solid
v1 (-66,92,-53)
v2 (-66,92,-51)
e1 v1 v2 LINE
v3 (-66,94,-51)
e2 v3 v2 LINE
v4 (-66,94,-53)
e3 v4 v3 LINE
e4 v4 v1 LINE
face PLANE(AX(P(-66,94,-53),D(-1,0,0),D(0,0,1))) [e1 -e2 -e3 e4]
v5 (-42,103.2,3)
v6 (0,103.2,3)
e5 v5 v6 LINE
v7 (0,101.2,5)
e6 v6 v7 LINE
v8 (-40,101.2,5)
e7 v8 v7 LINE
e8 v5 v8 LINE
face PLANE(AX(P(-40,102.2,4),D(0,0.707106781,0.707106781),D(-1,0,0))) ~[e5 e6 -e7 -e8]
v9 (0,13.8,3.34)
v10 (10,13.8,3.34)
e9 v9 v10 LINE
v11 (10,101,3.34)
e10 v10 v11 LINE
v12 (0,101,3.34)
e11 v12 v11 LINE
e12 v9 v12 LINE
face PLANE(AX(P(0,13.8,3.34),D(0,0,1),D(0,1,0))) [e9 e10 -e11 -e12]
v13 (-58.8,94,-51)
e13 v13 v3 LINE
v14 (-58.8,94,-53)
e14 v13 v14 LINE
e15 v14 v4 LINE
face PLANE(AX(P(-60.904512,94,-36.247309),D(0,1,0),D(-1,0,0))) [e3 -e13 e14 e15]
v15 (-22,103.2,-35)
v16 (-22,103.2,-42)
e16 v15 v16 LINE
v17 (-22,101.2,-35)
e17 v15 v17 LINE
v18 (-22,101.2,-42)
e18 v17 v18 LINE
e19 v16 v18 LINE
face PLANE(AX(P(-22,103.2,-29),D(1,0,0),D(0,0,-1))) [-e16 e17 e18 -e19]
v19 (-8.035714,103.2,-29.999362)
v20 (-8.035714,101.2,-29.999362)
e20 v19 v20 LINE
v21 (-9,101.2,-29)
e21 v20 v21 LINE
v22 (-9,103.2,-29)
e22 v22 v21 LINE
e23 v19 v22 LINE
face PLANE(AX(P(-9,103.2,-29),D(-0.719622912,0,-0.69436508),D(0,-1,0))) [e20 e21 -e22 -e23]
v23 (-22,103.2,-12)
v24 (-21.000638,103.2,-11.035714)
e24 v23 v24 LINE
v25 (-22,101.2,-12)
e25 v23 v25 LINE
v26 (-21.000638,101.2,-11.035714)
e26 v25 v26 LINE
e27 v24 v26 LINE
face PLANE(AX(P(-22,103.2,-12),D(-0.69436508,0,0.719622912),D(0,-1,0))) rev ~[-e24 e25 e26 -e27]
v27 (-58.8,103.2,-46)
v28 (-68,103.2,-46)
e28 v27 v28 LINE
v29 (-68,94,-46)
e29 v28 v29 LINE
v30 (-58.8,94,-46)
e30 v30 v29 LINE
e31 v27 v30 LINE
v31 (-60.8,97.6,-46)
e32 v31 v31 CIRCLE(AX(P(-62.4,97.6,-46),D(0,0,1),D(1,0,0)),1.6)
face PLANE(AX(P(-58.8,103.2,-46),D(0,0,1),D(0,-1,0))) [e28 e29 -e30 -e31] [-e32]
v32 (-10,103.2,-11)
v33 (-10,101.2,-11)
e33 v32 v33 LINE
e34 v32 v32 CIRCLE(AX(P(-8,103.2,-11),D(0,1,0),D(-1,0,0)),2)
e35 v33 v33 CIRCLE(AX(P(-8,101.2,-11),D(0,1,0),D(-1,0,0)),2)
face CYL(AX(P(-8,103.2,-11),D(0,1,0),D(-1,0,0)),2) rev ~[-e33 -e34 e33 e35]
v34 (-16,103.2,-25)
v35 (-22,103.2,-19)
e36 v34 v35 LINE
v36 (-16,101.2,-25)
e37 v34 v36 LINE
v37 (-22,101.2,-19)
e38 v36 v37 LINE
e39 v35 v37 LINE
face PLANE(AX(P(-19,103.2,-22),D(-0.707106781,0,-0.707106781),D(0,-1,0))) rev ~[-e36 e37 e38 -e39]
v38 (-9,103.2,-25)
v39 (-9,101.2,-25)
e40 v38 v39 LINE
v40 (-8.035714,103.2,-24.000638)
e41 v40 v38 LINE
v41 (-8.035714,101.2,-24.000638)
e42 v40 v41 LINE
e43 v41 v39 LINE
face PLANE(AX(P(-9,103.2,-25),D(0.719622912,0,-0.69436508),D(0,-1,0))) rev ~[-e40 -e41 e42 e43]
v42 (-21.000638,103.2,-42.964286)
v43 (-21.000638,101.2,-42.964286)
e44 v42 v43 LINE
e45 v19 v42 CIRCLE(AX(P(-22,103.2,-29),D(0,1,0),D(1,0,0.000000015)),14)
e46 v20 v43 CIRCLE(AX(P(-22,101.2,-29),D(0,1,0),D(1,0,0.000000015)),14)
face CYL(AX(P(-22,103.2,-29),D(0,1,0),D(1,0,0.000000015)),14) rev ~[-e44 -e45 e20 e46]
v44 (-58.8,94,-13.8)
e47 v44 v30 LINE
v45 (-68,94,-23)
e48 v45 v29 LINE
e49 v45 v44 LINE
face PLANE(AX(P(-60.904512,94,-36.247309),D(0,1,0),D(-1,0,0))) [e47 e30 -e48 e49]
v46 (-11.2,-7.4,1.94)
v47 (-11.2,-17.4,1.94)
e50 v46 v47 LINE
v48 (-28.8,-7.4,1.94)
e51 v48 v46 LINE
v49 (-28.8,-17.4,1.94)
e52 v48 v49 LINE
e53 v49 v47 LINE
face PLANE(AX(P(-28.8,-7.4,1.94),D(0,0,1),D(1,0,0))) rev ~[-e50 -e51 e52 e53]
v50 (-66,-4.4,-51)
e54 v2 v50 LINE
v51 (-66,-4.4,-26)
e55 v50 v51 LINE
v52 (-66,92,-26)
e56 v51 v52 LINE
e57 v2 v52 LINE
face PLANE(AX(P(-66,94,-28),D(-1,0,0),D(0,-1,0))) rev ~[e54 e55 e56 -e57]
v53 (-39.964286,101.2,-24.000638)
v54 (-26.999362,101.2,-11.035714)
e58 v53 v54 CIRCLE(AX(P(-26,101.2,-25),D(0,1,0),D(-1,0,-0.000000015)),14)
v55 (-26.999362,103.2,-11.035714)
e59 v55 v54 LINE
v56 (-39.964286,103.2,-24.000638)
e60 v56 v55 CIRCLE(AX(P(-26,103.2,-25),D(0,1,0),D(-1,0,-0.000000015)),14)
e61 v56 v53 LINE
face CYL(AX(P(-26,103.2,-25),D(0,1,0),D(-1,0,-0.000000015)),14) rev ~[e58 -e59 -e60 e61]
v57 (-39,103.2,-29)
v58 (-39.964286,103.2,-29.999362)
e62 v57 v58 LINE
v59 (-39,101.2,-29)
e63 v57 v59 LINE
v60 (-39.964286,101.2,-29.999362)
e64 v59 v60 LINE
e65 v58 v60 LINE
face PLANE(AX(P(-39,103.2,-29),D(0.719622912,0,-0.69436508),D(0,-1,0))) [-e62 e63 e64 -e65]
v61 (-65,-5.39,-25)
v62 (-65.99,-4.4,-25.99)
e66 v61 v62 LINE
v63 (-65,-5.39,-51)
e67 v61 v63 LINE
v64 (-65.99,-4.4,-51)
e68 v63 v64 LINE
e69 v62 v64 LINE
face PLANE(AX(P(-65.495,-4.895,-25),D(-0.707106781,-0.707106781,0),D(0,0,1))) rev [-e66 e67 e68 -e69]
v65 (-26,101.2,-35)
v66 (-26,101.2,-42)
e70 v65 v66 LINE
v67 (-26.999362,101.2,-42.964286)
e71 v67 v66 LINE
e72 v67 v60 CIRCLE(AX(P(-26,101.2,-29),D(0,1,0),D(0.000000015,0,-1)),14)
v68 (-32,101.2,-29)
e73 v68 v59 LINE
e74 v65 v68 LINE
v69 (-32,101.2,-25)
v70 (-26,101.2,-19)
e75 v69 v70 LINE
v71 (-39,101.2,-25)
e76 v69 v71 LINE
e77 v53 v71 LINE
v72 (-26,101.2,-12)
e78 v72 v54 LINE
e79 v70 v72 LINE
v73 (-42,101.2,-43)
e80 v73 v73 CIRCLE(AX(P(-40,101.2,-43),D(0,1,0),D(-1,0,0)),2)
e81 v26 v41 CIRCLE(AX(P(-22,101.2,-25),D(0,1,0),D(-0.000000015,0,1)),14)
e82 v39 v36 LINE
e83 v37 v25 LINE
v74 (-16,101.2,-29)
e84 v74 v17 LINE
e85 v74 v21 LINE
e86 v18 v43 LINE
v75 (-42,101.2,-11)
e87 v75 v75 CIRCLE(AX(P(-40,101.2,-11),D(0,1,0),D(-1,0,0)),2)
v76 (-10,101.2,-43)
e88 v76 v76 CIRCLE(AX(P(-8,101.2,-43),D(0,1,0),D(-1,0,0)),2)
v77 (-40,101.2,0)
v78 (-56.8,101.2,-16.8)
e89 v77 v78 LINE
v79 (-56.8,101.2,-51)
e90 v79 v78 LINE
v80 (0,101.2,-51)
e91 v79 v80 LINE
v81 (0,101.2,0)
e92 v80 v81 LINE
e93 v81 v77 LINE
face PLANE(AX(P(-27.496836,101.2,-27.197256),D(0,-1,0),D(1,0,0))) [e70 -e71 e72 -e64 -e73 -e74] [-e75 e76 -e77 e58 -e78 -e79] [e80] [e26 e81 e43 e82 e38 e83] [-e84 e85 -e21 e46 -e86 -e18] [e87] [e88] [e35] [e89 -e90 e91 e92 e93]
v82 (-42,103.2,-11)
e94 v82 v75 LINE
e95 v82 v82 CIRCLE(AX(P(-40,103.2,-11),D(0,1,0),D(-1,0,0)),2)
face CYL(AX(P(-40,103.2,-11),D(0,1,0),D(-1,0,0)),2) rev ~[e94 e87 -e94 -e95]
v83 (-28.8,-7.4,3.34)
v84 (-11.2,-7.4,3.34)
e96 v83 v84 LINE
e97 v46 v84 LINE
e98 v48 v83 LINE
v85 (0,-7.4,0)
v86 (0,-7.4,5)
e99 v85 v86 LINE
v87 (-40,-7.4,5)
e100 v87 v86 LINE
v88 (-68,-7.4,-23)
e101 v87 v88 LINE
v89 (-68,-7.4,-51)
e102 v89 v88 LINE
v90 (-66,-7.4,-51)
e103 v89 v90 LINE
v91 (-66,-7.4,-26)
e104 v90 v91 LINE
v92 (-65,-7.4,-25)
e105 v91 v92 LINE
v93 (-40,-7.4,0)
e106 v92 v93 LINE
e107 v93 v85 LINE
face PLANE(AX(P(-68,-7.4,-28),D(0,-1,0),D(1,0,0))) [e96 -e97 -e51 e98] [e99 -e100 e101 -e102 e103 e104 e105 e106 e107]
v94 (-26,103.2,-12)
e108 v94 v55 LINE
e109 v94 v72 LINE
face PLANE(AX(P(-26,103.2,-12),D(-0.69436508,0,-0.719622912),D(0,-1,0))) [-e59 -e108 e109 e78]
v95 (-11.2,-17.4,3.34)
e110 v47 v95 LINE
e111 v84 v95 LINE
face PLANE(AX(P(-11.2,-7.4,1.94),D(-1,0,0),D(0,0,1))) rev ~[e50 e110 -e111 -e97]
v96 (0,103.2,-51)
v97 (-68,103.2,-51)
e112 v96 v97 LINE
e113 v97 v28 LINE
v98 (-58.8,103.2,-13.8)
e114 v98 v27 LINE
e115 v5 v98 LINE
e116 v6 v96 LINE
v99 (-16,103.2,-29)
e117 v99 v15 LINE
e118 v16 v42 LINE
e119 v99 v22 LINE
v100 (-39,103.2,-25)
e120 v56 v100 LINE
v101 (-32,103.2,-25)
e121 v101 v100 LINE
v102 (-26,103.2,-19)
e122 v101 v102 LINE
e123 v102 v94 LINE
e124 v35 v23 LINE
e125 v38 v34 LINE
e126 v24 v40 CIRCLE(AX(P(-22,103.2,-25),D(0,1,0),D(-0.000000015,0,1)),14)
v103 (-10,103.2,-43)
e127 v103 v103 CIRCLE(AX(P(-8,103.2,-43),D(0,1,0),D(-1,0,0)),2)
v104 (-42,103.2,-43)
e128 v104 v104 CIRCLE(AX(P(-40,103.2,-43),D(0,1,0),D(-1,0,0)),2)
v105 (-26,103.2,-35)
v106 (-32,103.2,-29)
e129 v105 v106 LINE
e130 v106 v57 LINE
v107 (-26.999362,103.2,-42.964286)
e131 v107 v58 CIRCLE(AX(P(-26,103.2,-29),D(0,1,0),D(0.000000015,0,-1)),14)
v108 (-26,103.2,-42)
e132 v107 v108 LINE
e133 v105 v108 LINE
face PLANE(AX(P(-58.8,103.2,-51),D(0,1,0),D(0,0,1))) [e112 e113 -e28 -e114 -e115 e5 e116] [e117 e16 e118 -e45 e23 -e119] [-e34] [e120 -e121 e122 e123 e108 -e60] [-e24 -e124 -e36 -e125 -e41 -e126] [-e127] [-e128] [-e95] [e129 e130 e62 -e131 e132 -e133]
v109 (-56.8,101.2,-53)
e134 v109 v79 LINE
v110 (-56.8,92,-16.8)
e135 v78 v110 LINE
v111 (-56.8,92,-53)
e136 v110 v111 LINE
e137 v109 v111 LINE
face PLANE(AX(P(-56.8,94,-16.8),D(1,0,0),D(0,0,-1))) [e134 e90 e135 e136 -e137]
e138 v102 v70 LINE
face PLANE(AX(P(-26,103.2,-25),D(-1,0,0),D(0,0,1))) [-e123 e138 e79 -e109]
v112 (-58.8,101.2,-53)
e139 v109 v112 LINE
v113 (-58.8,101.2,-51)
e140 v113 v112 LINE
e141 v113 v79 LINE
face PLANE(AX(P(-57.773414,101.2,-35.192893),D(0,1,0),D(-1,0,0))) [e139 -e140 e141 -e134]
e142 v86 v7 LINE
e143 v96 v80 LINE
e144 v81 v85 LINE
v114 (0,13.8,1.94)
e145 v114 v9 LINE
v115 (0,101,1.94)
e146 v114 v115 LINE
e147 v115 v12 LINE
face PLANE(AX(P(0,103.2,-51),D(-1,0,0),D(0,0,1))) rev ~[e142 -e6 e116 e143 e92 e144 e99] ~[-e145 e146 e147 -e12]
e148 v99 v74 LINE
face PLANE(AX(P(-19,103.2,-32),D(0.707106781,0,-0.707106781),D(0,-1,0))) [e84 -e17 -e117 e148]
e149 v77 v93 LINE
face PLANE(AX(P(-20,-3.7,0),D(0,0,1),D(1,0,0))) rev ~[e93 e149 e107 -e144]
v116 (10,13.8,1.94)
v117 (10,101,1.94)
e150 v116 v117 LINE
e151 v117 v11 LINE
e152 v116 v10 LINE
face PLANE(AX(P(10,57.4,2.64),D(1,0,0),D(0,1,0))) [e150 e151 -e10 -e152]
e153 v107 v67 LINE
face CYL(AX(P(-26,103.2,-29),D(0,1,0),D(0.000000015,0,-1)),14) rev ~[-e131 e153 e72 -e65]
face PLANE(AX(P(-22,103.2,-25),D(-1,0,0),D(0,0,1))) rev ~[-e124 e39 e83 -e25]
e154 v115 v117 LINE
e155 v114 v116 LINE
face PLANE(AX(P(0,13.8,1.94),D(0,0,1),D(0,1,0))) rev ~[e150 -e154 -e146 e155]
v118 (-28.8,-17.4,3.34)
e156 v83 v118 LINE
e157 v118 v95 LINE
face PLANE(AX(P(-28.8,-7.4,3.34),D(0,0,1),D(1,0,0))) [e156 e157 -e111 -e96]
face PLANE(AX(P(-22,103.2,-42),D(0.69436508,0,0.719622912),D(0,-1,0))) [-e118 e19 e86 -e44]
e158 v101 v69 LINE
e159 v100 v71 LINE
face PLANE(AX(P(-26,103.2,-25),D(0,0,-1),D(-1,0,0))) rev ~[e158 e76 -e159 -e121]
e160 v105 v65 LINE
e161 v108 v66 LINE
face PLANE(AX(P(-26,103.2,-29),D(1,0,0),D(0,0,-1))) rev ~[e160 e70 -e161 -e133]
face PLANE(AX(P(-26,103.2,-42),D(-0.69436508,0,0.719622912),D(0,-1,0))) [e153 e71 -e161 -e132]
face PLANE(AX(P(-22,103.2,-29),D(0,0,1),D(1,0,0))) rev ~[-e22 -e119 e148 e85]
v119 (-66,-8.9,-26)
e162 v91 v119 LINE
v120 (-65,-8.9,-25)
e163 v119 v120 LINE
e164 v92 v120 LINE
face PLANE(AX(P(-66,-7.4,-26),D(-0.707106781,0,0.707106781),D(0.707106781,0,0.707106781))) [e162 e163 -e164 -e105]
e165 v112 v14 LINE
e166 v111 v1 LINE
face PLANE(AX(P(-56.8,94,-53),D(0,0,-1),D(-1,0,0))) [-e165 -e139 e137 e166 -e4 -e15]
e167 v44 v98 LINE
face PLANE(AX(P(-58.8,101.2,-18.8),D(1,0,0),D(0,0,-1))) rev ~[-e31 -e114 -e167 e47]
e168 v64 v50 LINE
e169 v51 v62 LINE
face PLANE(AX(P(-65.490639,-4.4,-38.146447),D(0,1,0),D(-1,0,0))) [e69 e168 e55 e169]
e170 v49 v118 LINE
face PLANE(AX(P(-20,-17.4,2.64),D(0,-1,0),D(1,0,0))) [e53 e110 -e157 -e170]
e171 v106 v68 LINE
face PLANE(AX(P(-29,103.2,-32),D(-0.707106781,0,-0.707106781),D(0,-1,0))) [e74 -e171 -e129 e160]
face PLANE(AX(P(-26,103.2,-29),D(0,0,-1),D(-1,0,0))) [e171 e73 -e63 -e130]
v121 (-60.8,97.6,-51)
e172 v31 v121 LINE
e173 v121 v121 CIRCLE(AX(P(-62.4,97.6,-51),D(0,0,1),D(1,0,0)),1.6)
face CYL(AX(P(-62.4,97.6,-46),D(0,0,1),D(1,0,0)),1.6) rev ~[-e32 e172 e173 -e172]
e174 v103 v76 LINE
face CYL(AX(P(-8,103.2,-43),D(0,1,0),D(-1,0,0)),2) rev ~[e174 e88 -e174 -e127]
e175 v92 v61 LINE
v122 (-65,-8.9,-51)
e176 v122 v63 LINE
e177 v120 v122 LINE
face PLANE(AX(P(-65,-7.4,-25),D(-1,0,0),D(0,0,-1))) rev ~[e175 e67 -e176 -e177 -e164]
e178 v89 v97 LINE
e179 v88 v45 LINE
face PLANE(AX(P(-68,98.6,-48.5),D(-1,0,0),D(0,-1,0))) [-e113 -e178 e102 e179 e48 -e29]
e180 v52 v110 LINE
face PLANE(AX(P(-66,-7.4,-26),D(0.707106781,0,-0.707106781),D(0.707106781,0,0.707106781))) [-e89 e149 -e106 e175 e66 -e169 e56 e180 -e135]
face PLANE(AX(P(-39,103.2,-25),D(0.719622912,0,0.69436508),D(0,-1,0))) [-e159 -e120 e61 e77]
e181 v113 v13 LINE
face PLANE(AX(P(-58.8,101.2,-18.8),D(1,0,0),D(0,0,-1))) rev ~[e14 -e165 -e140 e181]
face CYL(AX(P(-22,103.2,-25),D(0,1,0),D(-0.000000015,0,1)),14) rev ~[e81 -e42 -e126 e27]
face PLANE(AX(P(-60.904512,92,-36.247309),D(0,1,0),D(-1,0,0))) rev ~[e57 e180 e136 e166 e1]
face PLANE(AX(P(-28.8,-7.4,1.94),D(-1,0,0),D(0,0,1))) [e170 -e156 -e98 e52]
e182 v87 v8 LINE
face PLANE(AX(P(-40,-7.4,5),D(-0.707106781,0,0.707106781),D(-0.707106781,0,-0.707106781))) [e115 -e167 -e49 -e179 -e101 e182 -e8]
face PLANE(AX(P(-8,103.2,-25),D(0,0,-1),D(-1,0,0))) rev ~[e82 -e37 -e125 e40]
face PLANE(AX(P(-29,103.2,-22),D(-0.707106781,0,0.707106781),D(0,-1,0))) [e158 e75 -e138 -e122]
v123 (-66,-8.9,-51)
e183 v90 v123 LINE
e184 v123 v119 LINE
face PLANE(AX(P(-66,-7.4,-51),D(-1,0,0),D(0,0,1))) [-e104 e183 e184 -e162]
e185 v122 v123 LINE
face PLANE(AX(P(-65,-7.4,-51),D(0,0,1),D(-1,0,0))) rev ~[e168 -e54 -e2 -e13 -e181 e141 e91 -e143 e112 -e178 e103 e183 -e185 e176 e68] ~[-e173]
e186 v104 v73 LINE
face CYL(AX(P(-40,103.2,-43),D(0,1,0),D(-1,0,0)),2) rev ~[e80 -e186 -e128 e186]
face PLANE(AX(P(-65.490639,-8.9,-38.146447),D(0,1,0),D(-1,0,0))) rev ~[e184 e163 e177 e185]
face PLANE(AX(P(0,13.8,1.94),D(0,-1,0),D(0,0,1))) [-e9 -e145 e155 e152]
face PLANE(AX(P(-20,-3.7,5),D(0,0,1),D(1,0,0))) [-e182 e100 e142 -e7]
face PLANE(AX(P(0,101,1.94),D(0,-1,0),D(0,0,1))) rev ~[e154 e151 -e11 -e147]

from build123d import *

# Parameters (mm, degrees)
SKETCH_1_W        = 40
SKETCH_1_H        = 93
PAD_DEPTH         = 5
PAD_FACE3_W       = 40
PAD_FACE3_H       = 5
PAD011_DEPTH      = 10.2
SKETCH_W          = 40
SKETCH_H          = 7.4
PAD001_DEPTH      = 5
PAD002_DEPTH      = 110.6
SKETCH005_W       = 9.2
SKETCH005_H       = 9.2
POCKET_DEPTH      = 33.001
SKETCH006_W       = 2
SKETCH006_H       = 101.4
PAD006_DEPTH      = 23
SKETCH011_W       = 87.2
SKETCH011_H       = 1.4
PAD010_DEPTH      = 10
PAD012_DEPTH      = 2
PAD013_DEPTH      = 7.2
PAD014_DEPTH      = 2
SKETCH016_W       = 9.2
SKETCH016_H       = 5
PAD015_DEPTH      = 9.2
SKETCH017_R       = 1.6
POCKET001_DEPTH   = 5
SKETCH018_W       = 17.6
SKETCH018_H       = 1.4
PAD016_DEPTH      = 10
SKETCH019_R       = 2
POCKET002_DEPTH   = 2
CHAMFER_SIZE      = 6
CHAMFER001_SIZE   = 2
PAD017_DEPTH      = 1.5
PAD017_DEPTH_BACK = 3
CHAMFER002_SIZE   = 0.99
CHAMFER003_SIZE   = 1


with BuildPart() as part:
    # Sketch_1 → Pad (new body)
    with BuildSketch(Plane.XY):
        with Locations((-20, 46.5)):
            Rectangle(SKETCH_1_W, SKETCH_1_H)
    extrude(amount=PAD_DEPTH)

    # Pad Face3 → Pad011 (add)
    with BuildSketch(Plane(origin=(-20, 93, 2.5), x_dir=(1, 0, 0), z_dir=(0, 1, 0))):
        Rectangle(PAD_FACE3_W, PAD_FACE3_H)
    extrude(amount=PAD011_DEPTH)

    # Sketch → Pad001 (join)
    with BuildSketch(Plane.XY):
        with Locations((-20, -3.7)):
            Rectangle(SKETCH_W, SKETCH_H)
    extrude(amount=PAD001_DEPTH)

    # Sketch001 (on Face9 of Pad001) → Pad002 (join)
    with BuildSketch(Plane.XZ.offset(7.4)):
        Polygon((-40, 5), (-68, -23), (-68, -28), (-66, -28), (-66, -26), (-40, 0), align=None)
    extrude(amount=-PAD002_DEPTH)

    # Sketch005 (on Face11 of Pad002) → Pocket (cut, through all)
    with BuildSketch(Plane.XY.offset(5)):
        with Locations((-63.4, 98.6)):
            Rectangle(SKETCH005_W, SKETCH005_H)
    extrude(amount=-POCKET_DEPTH, mode=Mode.SUBTRACT)

    # Sketch006 → Pad006 (join)
    with BuildSketch(Plane(origin=(0, 0, -28), x_dir=(1, 0, 0), z_dir=(0, 0, -1))):
        with Locations((-67, -43.3)):
            Rectangle(SKETCH006_W, SKETCH006_H)
    extrude(amount=PAD006_DEPTH)

    # Sketch011 → Pad010 (join)
    with BuildSketch(Plane.YZ):
        with Locations((57.4, 2.64)):
            Rectangle(SKETCH011_W, SKETCH011_H)
    extrude(amount=PAD010_DEPTH)

    # Sketch013 (on Face8 of Pad006) → Pad012 (join)
    with BuildSketch(Plane(origin=(0, 103.2, 0), x_dir=(-1, 0, 0), z_dir=(0, 1, 0))):
        Polygon((0, 0), (40, 0), (58.8, -18.8), (58.8, -51), (0, -51), align=None)
    extrude(amount=-PAD012_DEPTH)

    # Sketch014 (on Face24 of Pad012) → Pad013 (join)
    with BuildSketch(Plane.XZ.offset(-101.2)):
        Polygon((-58.8, -51), (-58.8, -18.8), (-56.8, -16.8), (-56.8, -51), (-56.8, -53), (-58.8, -53), align=None)
    extrude(amount=PAD013_DEPTH)

    # Sketch015 (on Face23 of Pad013) → Pad014 (join)
    with BuildSketch(Plane.XZ.offset(-94)):
        Polygon((-56.8, -53), (-66, -53), (-66, -26), (-56.8, -16.8), align=None)
    extrude(amount=PAD014_DEPTH)

    # Sketch016 (on Face41 of Pad014) → Pad015 (join)
    with BuildSketch(Plane(origin=(-58.8, 0, 0), x_dir=(0, -1, 0), z_dir=(-1, 0, 0))):
        with Locations((-98.6, -48.5)):
            Rectangle(SKETCH016_W, SKETCH016_H)
    extrude(amount=PAD015_DEPTH)

    # Sketch017 (on Face49 of Pad015) → Pocket001 (cut)
    with BuildSketch(Plane.XY.offset(-46)):
        with Locations((-62.4, 97.6)):
            Circle(SKETCH017_R)
    extrude(amount=-POCKET001_DEPTH, mode=Mode.SUBTRACT)

    # Sketch018 (on Face12 of Pocket001) → Pad016 (join)
    with BuildSketch(Plane.XZ.offset(7.4)):
        with Locations((-20, 2.64)):
            Rectangle(SKETCH018_W, SKETCH018_H)
    extrude(amount=PAD016_DEPTH)

    # Sketch019 (on Face34 of Pad016) → Pocket002 (cut)
    with BuildSketch(Plane(origin=(0, 103.2, 0), x_dir=(-1, 0, 0), z_dir=(0, 1, 0))):
        with Locations((8, -11)):
            Circle(SKETCH019_R)
        with Locations((8, -43)):
            Circle(SKETCH019_R)
        with Locations((40, -43)):
            Circle(SKETCH019_R)
        with Locations((40, -11)):
            Circle(SKETCH019_R)
        with BuildLine():
            Line((8, -25), (22, -25))
            Line((22, -25), (22, -11))
            ThreePointArc((22, -11), (12.100505, -15.100505), (8, -25))
        make_face()
        with BuildLine():
            Line((26, -25), (26, -11))
            ThreePointArc((40, -25), (35.899495, -15.100505), (26, -11))
            Line((26, -25), (40, -25))
        make_face()
        with BuildLine():
            Line((22, -29), (8, -29))
            ThreePointArc((8, -29), (12.100505, -38.899495), (22, -43))
            Line((22, -29), (22, -43))
        make_face()
        with BuildLine():
            Line((26, -29), (40, -29))
            ThreePointArc((26, -43), (35.899495, -38.899495), (40, -29))
            Line((26, -29), (26, -43))
        make_face()
    extrude(amount=-POCKET002_DEPTH, mode=Mode.SUBTRACT)

    # Chamfer
    chamfer_edges = [part.edges().sort_by_distance(p)[0] for p in [
        (-22, 102.2, -25),
        (-26, 102.2, -25),
        (-22, 102.2, -29),
        (-26, 102.2, -29),
    ]]
    chamfer(chamfer_edges, length=CHAMFER_SIZE)

    # Chamfer001
    chamfer001_edges = [part.edges().sort_by_distance(p)[0] for p in [
        (-20, 103.2, 5),
    ]]
    chamfer(chamfer001_edges, length=CHAMFER001_SIZE)

    # Sketch020 (on Face62 of Chamfer001) → Pad017 (join, two sides)
    with BuildSketch(Plane.XZ.offset(7.4)) as pad017_sk:
        Polygon((-66, -51), (-66, -26), (-65, -25), (-65, -51), align=None)
    extrude(amount=PAD017_DEPTH)
    extrude(pad017_sk.sketch, amount=-PAD017_DEPTH_BACK)

    # Chamfer002
    chamfer002_edges = [part.edges().sort_by_distance(p)[0] for p in [
        (-65, -4.4, -38),
    ]]
    chamfer(chamfer002_edges, length=CHAMFER002_SIZE)

    # Chamfer003
    chamfer003_edges = [part.edges().sort_by_distance(p)[0] for p in [
        (-8, 102.2, -25),
        (-8, 102.2, -29),
        (-22, 102.2, -11),
        (-26, 102.2, -11),
        (-40, 102.2, -25),
        (-40, 102.2, -29),
        (-26, 102.2, -43),
        (-22, 102.2, -43),
    ]]
    chamfer(chamfer003_edges, length=CHAMFER003_SIZE)


solid = part.part
